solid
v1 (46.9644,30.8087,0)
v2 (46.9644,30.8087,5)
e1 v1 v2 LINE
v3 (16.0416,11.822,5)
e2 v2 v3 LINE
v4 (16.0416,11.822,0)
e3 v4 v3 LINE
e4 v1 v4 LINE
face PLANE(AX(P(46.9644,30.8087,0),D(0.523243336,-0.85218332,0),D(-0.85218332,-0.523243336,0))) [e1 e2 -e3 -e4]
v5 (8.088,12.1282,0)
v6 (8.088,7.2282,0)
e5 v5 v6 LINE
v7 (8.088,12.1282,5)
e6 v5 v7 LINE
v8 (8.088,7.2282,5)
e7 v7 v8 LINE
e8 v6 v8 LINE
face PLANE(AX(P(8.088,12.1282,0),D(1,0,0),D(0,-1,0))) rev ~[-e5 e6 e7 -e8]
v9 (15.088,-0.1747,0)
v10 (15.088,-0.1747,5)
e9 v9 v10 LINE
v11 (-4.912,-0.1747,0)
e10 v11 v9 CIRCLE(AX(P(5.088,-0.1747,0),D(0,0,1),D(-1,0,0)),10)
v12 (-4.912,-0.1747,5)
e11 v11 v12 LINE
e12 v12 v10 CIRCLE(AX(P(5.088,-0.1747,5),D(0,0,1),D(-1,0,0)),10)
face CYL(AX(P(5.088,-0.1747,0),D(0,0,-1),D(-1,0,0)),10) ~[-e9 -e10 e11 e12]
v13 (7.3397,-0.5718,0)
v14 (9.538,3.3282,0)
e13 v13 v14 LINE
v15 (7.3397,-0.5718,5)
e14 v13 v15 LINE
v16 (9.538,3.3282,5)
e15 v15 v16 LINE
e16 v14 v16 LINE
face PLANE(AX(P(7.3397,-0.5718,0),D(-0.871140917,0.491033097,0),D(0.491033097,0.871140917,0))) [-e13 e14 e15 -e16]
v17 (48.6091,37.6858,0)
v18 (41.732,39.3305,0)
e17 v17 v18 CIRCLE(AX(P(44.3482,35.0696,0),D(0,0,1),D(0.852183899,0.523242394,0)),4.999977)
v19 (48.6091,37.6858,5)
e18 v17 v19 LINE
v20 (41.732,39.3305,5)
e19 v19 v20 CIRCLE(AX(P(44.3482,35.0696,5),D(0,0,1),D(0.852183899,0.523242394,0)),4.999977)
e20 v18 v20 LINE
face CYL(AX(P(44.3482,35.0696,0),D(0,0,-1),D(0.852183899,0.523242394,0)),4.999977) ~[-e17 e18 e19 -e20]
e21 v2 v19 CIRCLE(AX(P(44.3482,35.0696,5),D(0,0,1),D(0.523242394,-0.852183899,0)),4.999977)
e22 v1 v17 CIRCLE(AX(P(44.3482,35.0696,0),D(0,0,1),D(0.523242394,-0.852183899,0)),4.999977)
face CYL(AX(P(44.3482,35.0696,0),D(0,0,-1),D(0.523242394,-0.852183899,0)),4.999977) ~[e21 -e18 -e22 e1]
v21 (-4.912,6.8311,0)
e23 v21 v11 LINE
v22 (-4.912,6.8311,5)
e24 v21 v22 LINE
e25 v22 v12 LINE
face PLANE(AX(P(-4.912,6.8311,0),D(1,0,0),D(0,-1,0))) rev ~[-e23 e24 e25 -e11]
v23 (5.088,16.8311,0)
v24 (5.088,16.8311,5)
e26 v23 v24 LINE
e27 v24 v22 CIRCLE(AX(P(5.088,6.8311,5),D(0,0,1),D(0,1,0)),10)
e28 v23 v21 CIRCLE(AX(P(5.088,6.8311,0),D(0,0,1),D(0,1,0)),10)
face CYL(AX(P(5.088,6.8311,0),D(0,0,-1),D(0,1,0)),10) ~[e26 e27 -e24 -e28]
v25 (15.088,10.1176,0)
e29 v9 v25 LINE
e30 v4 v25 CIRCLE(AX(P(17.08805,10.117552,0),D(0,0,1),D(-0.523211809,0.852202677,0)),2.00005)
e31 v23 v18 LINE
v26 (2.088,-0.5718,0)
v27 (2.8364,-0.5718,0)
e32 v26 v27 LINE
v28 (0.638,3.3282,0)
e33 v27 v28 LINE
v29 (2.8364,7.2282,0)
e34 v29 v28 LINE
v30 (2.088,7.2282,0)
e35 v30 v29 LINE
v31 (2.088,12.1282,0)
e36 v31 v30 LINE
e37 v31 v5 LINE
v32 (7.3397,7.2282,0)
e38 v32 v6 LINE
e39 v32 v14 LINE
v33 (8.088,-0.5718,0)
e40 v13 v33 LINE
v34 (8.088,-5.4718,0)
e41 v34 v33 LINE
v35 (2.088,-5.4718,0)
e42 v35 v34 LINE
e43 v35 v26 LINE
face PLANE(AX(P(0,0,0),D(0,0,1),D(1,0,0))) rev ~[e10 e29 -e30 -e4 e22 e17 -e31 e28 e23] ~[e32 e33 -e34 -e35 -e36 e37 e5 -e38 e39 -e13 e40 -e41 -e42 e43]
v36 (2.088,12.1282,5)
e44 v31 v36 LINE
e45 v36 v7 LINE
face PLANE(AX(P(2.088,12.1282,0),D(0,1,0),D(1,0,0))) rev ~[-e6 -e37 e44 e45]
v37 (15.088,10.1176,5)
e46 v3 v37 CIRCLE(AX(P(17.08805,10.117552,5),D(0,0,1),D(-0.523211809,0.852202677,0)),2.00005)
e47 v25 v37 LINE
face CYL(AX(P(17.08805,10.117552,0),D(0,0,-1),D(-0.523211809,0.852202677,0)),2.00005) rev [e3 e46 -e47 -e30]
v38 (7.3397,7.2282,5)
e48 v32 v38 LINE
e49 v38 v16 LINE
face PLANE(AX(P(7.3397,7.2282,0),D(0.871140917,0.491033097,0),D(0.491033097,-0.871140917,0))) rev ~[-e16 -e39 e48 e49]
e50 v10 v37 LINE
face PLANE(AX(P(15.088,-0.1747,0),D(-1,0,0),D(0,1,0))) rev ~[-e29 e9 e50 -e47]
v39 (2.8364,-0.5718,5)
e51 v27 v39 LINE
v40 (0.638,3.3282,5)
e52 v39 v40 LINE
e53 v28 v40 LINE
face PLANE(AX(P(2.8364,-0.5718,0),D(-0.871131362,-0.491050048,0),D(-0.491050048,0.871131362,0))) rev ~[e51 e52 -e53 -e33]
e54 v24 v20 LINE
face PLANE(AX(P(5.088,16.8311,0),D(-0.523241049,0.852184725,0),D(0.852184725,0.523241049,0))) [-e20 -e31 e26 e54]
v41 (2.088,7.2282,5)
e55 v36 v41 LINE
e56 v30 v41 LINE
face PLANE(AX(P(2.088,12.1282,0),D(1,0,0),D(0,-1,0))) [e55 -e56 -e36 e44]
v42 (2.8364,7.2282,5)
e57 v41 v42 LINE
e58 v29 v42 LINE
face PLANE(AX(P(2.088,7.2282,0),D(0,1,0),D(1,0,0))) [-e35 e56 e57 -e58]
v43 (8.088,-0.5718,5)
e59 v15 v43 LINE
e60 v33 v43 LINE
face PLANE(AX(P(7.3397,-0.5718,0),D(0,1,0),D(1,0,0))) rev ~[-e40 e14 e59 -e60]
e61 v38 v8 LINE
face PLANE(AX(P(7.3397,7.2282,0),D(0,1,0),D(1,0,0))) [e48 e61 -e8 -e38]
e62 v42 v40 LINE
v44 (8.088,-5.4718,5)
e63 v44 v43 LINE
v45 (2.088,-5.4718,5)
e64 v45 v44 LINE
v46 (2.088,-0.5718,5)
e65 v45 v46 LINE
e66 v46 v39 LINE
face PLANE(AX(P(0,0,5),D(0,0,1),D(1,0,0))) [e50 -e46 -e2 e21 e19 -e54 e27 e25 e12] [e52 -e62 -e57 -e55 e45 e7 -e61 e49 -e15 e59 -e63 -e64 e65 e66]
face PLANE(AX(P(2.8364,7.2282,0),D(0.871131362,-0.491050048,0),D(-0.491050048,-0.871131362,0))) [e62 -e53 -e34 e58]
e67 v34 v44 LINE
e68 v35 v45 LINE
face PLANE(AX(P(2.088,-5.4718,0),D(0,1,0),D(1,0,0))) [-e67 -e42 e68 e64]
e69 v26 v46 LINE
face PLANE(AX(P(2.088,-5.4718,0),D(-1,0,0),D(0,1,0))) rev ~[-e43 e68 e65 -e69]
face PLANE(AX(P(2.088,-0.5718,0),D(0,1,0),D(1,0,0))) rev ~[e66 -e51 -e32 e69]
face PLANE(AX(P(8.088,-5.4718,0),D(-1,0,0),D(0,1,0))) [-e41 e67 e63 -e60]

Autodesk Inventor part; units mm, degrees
ref_plane "YZ Plane" through (0, 0, 0) normal (1, 0, 0) x (0, 1, 0)
ref_plane "XZ Plane" through (0, 0, 0) normal (0, 1, 0) x (-1, 0, 0)
ref_plane "XY Plane" through (0, 0, 0) normal (0, 0, 1) x (1, 0, 0)
sketch "Эскиз1" plane through (0, 0, 0) normal (0, 0, 1) x (1, 0, 0)
  arc A0 (5.088, 16.8311) -> (-4.912, 6.8311) centre (5.088, 6.8311) ccw
  line L0 (7.3397, 7.2282) -> (8.088, 7.2282)
  line L1 (7.3397, 7.2282) -> (9.538, 3.3282)
  line L2 (2.8364, 7.2282) -> (0.638, 3.3282)
  line L3 (7.3397, -0.5718) -> (9.538, 3.3282)
  line L4 (2.8364, -0.5718) -> (0.638, 3.3282)
  line L5 (2.088, 12.1282) -> (8.088, 12.1282)
  line L6 (8.088, 12.1282) -> (8.088, 7.2282)
  line L7 (2.088, 7.2282) -> (2.8364, 7.2282)
  line L8 (2.088, 12.1282) -> (2.088, 7.2282)
  line L9 (-4.912, 6.8311) -> (-4.912, -0.1747)
  arc A1 (-4.912, -0.1747) -> (15.088, -0.1747) centre (5.088, -0.1747) ccw
  line L10 (15.088, -0.1747) -> (15.088, 10.1176)
  line L11 (7.3397, -0.5718) -> (8.088, -0.5718)
  line L12 (2.088, -5.4718) -> (8.088, -5.4718)
  line L13 (8.088, -5.4718) -> (8.088, -0.5718)
  line L14 (2.088, -0.5718) -> (2.8364, -0.5718)
  line L15 (2.088, -5.4718) -> (2.088, -0.5718)
  line L16 (5.088, 16.8311) -> (41.732, 39.3305)
  line L17 (46.9644, 30.8087) -> (16.0416, 11.822)
  arc A2 (48.6091, 37.6858) -> (41.732, 39.3305) centre (44.3482, 35.0696) ccw
  arc A3 (46.9644, 30.8087) -> (48.6091, 37.6858) centre (44.3482, 35.0696) ccw
  arc A4 (16.0416, 11.822) -> (15.088, 10.1176) centre (17.088, 10.1176) ccw
  point P0 (5.088, 3.3282)
  point P1 (15.088, 11.2365)
extrude "Выдавливание1" add sketch "Эскиз1" along normal blind 5
properties part number "В. шарн. - держатель соединителя"
